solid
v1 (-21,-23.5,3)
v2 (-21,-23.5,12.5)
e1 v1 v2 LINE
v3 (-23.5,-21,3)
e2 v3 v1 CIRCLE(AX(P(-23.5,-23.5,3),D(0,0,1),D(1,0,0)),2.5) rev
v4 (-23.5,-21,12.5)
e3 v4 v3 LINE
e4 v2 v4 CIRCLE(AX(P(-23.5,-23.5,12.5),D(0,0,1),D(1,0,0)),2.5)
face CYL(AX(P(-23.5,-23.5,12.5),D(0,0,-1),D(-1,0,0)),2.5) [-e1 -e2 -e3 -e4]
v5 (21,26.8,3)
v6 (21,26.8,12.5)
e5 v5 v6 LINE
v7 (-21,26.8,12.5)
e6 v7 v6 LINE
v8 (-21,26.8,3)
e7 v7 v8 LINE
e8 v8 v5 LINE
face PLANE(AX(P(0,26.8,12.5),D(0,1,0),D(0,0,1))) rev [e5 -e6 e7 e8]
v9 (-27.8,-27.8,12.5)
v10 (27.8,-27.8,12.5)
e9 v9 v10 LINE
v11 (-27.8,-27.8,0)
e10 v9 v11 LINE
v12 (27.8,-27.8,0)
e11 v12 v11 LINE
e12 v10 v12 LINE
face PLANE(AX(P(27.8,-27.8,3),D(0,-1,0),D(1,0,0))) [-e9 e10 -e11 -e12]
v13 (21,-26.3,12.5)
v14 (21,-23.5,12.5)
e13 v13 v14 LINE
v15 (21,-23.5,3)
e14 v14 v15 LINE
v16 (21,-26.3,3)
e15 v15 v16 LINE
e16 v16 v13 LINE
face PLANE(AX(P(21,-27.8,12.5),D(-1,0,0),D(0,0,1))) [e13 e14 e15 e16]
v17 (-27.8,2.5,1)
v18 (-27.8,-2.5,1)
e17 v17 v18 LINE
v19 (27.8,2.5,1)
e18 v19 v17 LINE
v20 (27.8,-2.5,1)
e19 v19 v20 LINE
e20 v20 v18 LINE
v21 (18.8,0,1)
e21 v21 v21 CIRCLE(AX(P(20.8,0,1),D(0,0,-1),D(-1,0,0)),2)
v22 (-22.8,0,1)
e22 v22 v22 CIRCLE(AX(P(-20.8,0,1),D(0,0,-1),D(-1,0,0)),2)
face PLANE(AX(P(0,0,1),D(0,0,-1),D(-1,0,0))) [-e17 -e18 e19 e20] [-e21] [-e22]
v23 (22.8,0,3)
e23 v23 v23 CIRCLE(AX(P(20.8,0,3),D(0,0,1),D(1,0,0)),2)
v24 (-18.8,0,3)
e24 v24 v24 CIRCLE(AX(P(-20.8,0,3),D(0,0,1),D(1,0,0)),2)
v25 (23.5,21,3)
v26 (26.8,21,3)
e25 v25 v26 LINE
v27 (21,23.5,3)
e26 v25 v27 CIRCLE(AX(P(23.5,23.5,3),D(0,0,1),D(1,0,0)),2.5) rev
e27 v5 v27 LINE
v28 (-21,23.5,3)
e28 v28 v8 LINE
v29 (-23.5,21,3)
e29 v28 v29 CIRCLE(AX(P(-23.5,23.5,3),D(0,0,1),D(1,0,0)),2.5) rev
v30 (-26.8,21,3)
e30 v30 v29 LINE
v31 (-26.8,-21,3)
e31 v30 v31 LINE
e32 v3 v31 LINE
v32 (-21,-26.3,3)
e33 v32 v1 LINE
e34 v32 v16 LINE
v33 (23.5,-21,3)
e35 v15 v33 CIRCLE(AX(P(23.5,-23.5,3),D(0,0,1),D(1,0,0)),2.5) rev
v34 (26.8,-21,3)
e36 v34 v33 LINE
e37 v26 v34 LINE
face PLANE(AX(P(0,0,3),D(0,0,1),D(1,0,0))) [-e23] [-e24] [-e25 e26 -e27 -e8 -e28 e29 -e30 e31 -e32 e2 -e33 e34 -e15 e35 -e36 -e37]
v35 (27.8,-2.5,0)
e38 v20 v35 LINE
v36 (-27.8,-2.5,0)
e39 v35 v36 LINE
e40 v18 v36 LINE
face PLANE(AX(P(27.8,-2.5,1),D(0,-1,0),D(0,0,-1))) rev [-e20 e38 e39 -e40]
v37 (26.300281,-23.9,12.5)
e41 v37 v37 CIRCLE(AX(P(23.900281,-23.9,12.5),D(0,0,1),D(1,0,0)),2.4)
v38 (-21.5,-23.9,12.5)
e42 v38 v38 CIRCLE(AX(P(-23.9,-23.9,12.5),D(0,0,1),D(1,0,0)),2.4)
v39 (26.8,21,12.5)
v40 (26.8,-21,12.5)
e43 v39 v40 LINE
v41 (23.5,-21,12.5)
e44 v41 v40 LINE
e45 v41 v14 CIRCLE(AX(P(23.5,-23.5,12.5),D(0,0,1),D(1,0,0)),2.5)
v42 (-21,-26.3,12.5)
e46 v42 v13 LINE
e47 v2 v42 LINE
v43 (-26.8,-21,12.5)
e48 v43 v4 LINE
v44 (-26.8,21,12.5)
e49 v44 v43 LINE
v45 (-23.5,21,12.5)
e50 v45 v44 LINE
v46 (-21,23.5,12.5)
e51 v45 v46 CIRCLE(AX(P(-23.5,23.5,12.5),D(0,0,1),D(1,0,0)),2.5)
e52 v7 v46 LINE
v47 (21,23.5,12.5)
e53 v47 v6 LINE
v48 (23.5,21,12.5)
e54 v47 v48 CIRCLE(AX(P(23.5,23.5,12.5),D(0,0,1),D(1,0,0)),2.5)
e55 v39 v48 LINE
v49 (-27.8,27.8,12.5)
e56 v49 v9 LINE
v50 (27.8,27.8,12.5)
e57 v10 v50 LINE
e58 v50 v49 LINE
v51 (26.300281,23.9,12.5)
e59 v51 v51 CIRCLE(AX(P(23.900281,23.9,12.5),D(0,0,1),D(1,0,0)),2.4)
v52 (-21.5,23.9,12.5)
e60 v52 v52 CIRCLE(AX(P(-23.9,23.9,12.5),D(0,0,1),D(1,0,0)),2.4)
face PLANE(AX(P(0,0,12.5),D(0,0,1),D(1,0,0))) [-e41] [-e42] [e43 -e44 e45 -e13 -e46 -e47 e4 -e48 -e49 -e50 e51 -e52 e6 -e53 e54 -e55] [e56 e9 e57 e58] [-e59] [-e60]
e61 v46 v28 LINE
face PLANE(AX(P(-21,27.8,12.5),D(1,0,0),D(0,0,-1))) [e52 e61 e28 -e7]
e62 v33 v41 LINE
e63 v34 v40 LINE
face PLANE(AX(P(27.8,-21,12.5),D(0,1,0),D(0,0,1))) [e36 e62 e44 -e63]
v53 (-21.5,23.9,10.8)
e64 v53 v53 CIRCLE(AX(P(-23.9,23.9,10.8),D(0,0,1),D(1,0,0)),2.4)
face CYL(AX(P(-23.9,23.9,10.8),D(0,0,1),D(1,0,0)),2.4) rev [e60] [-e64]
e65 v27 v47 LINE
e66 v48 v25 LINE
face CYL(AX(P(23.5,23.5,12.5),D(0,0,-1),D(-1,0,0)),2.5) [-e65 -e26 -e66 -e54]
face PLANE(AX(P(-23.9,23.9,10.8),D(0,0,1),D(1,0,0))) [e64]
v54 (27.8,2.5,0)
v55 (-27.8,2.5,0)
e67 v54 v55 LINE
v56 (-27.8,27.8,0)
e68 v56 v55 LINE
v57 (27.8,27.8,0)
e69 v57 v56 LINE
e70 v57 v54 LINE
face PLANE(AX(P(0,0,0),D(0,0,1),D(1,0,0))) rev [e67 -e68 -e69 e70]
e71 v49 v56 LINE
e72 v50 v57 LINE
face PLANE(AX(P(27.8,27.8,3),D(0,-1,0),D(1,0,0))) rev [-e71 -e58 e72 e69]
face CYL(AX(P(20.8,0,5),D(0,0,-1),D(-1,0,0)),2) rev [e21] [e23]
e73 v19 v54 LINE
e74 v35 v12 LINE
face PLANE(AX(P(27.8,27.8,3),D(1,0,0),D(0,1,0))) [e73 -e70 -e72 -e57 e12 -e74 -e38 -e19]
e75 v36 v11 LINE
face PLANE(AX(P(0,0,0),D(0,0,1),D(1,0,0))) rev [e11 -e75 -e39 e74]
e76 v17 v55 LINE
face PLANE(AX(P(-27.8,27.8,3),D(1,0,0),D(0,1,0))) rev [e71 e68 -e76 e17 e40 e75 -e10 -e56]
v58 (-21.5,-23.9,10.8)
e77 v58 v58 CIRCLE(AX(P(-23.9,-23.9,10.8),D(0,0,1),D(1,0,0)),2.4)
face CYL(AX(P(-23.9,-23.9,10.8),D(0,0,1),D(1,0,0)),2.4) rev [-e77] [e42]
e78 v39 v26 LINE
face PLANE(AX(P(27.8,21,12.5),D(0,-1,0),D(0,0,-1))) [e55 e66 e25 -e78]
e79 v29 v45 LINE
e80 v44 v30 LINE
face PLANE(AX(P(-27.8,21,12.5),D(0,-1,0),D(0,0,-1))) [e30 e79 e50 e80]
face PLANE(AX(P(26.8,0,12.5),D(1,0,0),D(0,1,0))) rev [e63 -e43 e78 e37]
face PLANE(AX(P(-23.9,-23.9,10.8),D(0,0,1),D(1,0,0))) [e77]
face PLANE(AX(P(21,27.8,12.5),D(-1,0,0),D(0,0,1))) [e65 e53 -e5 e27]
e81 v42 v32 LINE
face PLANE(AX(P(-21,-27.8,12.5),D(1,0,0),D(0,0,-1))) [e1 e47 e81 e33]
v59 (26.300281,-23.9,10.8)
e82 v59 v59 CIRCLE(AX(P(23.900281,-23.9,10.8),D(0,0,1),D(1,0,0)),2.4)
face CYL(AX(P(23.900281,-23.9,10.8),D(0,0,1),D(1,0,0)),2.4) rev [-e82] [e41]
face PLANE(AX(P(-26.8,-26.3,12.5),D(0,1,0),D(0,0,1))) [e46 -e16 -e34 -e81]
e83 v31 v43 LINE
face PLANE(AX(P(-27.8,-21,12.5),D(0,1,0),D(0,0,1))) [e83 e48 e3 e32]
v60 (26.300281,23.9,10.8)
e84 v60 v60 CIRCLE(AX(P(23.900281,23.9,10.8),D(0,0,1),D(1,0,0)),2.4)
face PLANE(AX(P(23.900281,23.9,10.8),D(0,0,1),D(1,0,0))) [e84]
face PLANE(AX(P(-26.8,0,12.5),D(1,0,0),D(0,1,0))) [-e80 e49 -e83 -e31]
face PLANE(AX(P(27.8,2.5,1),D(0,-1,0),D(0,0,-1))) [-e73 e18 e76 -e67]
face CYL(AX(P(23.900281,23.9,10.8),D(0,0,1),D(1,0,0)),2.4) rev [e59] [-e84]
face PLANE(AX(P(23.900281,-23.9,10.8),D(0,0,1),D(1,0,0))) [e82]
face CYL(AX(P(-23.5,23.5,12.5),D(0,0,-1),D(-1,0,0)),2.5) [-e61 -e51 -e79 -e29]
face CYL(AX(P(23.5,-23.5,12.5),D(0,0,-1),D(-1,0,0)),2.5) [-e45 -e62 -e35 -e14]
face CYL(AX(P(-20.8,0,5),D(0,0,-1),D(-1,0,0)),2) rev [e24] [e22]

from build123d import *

# Parameters (mm, degrees)
SKICA1_W                 = 55.6
SKICA1_H                 = 55.6
P_IDAT_VYSUNUT_M2_DEPTH  = 3
SKICA5_W                 = 55.6
SKICA5_H                 = 5
ODEBRAT_VYSUNUT_M3_DEPTH = 1
SKICA14_W                = 53.6
SKICA14_H                = 1.5
P_IDAT_VYSUNUT_M9_DEPTH  = 9.5
SKICA17_R                = 2
ODEBRAT_VYSUNUT_M8_DEPTH = 4
SKICA19_W                = 6.8
SKICA19_H                = 6.8
P_IDAT_VYSUNUT_M10_DEPTH = 12.5
SKICA20_R                = 2.4
ODEBRAT_VYSUNUT_M9_DEPTH = 1.7
ZAOBLIT1_R               = 2.5


with BuildPart() as part:
    # Skica1 → Přidat vysunutím2 (new body)
    with BuildSketch(Plane.XY):
        Rectangle(SKICA1_W, SKICA1_H)
    extrude(amount=P_IDAT_VYSUNUT_M2_DEPTH)

    # Skica5 → Odebrat vysunutím3 (cut)
    with BuildSketch(Plane(origin=(0, 0, 0), x_dir=(-1, 0, 0), z_dir=(0, 0, -1))):
        Rectangle(SKICA5_W, SKICA5_H)
    extrude(amount=-ODEBRAT_VYSUNUT_M3_DEPTH, mode=Mode.SUBTRACT)

    # Skica14 → Přidat vysunutím9 (add)
    with BuildSketch(Plane.XY.offset(3)):
        Polygon((27.8, 27.8), (-27.8, 27.8), (-27.8, -27.8), (-26.8, -27.8), (-26.8, -26.8), (-26.8, -26.3), (-26.8, 26.8), (26.8, 26.8), (26.8, -26.3), (26.8, -27.8), (27.8, -27.8), align=None)
        with Locations((0, -27.05)):
            Rectangle(SKICA14_W, SKICA14_H)
    extrude(amount=P_IDAT_VYSUNUT_M9_DEPTH)

    # Skica17 → Odebrat vysunutím8 (cut)
    with BuildSketch(Plane(origin=(0, 0, 1), x_dir=(-1, 0, 0), z_dir=(0, 0, -1))):
        with Locations((-20.8, 0)):
            Circle(SKICA17_R)
        with Locations((20.8, 0)):
            Circle(SKICA17_R)
    extrude(amount=-ODEBRAT_VYSUNUT_M8_DEPTH, mode=Mode.SUBTRACT)

    # Skica19 → Přidat vysunutím10 (add)
    with BuildSketch(Plane(origin=(0, 0, 0), x_dir=(-1, 0, 0), z_dir=(0, 0, -1))):
        with Locations((-24.4, 24.4)):
            Rectangle(SKICA19_W, SKICA19_H)
        with Locations((24.4, 24.4)):
            Rectangle(SKICA19_W, SKICA19_H)
        with Locations((-24.4, -24.4)):
            Rectangle(SKICA19_W, SKICA19_H)
        with Locations((24.4, -24.4)):
            Rectangle(SKICA19_W, SKICA19_H)
    extrude(amount=-P_IDAT_VYSUNUT_M10_DEPTH)

    # Skica20 → Odebrat vysunutím9 (cut)
    with BuildSketch(Plane.XY.offset(12.5)):
        with Locations((-23.9, -23.9)):
            Circle(SKICA20_R)
        with Locations((-23.9, 23.9)):
            Circle(SKICA20_R)
        with Locations((23.900280565, 23.9)):
            Circle(SKICA20_R)
        with Locations((23.900280565, -23.9)):
            Circle(SKICA20_R)
    extrude(amount=-ODEBRAT_VYSUNUT_M9_DEPTH, mode=Mode.SUBTRACT)

    # Zaoblit1
    zaoblit1_edges = [part.edges().sort_by_distance(p)[0] for p in [
        (21, -21, 7.75),
        (-21, -21, 7.75),
        (21, 21, 7.75),
        (-21, 21, 7.75),
    ]]
    fillet(zaoblit1_edges, radius=ZAOBLIT1_R)


solid = part.part
